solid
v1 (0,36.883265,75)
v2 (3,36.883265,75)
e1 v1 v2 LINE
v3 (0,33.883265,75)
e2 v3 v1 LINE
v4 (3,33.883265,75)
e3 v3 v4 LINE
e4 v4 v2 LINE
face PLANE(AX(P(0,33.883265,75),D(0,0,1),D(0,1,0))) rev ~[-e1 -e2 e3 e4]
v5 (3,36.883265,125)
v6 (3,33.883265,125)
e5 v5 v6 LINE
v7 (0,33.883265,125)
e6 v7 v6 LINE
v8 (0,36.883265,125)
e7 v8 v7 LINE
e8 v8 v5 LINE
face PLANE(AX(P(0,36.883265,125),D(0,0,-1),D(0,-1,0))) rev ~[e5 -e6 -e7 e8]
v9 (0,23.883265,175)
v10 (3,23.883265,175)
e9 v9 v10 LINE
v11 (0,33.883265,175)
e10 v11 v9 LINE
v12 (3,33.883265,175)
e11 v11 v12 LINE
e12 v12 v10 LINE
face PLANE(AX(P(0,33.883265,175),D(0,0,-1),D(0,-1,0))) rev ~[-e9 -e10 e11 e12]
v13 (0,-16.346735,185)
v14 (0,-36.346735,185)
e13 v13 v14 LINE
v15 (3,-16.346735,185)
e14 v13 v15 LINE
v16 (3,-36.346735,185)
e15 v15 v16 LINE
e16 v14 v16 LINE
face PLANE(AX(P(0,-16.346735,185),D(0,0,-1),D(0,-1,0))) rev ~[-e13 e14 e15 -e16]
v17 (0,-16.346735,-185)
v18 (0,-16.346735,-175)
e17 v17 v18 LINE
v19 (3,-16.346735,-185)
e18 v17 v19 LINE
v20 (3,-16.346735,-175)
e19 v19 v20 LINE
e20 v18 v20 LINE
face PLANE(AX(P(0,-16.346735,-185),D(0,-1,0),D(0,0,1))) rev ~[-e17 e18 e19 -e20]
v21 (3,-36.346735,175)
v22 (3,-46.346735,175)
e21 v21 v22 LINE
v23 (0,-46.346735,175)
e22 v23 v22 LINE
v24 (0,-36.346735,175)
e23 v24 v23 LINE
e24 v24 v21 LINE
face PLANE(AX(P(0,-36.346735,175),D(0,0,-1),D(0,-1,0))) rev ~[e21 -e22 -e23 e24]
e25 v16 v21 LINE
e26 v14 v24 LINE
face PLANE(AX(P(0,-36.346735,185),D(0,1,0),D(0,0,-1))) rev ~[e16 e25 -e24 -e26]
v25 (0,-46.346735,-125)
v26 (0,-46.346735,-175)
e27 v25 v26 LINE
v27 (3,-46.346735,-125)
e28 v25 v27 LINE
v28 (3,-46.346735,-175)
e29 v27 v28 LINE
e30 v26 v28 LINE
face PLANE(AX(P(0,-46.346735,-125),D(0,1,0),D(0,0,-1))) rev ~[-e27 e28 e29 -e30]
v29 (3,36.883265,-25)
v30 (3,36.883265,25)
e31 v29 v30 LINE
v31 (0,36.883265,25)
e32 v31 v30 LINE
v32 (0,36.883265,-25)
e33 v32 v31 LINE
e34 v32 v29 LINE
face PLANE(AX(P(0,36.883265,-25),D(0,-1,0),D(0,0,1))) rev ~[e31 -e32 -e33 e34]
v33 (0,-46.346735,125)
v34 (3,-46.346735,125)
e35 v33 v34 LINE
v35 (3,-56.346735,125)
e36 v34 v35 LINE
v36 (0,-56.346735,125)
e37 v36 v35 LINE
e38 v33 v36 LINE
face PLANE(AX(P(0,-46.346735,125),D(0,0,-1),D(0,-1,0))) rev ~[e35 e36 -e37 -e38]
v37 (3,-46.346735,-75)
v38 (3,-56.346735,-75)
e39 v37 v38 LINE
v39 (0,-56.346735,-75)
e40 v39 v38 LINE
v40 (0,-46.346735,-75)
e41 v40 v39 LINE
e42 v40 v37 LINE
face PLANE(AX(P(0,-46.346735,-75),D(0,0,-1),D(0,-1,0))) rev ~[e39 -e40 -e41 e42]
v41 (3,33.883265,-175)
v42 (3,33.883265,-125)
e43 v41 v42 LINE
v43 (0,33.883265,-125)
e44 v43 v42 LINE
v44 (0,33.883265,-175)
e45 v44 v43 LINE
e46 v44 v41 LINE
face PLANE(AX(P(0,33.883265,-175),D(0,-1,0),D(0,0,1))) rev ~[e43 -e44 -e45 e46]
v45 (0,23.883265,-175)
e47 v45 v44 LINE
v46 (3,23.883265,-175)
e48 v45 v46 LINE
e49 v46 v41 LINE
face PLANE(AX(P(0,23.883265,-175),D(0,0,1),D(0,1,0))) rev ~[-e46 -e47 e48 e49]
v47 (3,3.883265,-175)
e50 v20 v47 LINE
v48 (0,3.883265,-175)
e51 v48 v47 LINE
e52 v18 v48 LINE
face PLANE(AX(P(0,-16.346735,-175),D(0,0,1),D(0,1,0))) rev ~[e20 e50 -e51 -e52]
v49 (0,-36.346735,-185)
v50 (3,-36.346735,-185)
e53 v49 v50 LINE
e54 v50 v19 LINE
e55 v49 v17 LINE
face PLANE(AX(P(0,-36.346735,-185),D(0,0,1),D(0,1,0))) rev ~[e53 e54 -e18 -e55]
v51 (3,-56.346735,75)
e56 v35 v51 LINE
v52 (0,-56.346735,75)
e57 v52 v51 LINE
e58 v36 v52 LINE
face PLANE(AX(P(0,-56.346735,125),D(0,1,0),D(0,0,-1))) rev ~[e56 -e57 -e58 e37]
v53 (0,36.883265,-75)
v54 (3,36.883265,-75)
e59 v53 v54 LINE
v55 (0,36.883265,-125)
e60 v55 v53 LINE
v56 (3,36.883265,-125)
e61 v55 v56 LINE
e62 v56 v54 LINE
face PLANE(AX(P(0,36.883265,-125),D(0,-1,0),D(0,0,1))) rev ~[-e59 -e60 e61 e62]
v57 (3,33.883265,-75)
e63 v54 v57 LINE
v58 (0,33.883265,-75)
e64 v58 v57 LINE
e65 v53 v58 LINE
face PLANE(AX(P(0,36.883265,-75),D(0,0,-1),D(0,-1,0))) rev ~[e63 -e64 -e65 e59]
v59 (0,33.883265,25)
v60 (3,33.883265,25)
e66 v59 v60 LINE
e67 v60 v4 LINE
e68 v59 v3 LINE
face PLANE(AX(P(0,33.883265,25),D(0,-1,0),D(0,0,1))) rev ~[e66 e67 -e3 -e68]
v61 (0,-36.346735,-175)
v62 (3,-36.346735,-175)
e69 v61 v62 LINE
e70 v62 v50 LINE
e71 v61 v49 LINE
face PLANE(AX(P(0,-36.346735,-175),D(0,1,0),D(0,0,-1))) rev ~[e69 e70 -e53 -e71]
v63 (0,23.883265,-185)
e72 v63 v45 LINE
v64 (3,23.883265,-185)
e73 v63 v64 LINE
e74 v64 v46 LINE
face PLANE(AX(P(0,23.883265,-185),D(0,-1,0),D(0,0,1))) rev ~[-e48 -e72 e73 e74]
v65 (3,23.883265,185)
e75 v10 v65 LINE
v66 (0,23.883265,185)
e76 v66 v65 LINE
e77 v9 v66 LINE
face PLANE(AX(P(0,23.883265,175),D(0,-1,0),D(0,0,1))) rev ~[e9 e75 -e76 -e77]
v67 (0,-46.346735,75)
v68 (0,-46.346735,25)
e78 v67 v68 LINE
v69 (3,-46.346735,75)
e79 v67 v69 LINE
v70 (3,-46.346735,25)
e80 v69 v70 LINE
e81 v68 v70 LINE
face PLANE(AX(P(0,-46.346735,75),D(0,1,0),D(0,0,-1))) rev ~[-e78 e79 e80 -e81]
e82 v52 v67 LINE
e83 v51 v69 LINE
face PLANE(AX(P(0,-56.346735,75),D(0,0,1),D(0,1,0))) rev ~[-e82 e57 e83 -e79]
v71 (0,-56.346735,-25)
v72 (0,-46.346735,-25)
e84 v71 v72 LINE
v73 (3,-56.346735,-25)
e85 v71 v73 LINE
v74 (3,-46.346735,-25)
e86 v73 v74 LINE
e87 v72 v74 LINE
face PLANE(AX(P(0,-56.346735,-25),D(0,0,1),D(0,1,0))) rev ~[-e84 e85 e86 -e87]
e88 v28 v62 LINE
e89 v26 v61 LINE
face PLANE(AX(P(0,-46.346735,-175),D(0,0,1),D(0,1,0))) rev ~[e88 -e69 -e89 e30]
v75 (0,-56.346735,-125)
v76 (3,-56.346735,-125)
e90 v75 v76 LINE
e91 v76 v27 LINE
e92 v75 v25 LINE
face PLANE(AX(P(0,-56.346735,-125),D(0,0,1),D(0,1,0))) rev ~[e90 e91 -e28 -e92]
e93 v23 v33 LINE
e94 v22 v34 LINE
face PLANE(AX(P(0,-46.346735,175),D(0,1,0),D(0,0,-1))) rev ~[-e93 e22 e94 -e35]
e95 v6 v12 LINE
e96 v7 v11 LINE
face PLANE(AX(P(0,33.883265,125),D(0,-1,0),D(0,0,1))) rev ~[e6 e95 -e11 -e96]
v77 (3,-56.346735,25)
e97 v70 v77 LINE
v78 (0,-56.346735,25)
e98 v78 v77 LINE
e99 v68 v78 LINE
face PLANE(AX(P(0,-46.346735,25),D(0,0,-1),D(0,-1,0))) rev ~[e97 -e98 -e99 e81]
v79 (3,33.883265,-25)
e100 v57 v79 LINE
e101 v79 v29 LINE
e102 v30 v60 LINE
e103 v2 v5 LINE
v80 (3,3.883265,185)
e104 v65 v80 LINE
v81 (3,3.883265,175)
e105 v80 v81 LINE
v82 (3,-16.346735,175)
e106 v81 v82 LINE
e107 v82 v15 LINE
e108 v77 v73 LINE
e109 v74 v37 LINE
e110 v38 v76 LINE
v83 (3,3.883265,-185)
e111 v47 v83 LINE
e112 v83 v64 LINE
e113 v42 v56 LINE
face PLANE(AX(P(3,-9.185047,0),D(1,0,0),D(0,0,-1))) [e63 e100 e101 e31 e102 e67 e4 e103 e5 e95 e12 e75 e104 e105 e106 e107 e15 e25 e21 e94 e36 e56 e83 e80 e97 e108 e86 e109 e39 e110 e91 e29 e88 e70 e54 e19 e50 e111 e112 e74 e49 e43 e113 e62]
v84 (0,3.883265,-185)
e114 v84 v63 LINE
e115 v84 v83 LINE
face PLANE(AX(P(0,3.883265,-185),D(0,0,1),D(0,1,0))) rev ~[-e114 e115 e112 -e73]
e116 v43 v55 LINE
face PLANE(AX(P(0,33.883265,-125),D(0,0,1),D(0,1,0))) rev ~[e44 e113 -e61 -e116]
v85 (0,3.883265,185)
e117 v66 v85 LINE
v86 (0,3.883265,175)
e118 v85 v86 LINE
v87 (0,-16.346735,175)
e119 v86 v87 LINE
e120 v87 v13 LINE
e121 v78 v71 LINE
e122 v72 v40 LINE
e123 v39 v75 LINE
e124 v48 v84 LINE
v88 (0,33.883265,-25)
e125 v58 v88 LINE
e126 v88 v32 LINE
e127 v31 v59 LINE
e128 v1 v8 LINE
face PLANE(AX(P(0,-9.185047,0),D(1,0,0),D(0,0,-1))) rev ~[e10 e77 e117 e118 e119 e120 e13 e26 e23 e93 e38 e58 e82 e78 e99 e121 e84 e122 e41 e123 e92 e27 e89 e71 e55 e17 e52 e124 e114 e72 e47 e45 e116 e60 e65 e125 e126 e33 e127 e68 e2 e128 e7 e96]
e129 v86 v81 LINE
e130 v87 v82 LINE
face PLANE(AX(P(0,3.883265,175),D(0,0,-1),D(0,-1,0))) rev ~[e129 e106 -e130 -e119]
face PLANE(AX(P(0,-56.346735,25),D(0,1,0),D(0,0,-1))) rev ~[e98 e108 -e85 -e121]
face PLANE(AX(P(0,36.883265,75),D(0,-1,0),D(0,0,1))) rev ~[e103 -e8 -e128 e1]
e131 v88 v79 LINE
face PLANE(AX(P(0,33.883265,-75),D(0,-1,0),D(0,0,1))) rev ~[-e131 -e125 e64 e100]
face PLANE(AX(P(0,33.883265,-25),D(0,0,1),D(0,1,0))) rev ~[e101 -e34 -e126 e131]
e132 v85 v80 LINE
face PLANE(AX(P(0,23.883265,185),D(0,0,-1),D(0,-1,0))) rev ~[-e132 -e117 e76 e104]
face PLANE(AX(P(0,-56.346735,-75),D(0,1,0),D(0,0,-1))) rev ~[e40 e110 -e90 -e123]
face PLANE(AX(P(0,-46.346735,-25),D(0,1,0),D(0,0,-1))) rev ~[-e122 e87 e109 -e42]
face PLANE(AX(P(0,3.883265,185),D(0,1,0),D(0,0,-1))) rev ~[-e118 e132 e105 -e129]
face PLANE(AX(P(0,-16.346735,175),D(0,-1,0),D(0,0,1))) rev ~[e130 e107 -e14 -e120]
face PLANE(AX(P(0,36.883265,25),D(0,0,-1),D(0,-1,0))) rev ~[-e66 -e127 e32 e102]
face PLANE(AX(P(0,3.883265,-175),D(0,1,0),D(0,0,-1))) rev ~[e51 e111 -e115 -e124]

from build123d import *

# Parameters (mm, degrees)
EXTRUDE_1_DEPTH = 3


with BuildPart() as part:
    # 스케치1 → 보스-돌출1 (new body)
    with BuildSketch(Plane(origin=(0, 0, 0), x_dir=(0, 0, -1), z_dir=(1, 0, 0))):
        Polygon((125, 36.883265306), (75, 36.883265306), (75, 33.883265306), (25, 33.883265306), (25, 36.883265306), (-25, 36.883265306), (-25, 33.883265306), (-75, 33.883265306), (-75, 36.883265306), (-125, 36.883265306), (-125, 33.883265306), (-175, 33.883265306), (-175, 23.883265306), (-185, 23.883265306), (-185, 3.883265306), (-175, 3.883265306), (-175, -16.346734694), (-185, -16.346734694), (-185, -36.346734694), (-175, -36.346734694), (-175, -46.346734694), (-125, -46.346734694), (-125, -56.346734694), (-75, -56.346734694), (-75, -46.346734694), (-25, -46.346734694), (-25, -56.346734694), (25, -56.346734694), (25, -46.346734694), (75, -46.346734694), (75, -56.346734694), (125, -56.346734694), (125, -46.346734694), (175, -46.346734694), (175, -36.346734694), (185, -36.346734694), (185, -16.346734694), (175, -16.346734694), (175, 3.883265306), (185, 3.883265306), (185, 23.883265306), (175, 23.883265306), (175, 33.883265306), (125, 33.883265306), align=None)
    extrude(amount=EXTRUDE_1_DEPTH)


solid = part.part
